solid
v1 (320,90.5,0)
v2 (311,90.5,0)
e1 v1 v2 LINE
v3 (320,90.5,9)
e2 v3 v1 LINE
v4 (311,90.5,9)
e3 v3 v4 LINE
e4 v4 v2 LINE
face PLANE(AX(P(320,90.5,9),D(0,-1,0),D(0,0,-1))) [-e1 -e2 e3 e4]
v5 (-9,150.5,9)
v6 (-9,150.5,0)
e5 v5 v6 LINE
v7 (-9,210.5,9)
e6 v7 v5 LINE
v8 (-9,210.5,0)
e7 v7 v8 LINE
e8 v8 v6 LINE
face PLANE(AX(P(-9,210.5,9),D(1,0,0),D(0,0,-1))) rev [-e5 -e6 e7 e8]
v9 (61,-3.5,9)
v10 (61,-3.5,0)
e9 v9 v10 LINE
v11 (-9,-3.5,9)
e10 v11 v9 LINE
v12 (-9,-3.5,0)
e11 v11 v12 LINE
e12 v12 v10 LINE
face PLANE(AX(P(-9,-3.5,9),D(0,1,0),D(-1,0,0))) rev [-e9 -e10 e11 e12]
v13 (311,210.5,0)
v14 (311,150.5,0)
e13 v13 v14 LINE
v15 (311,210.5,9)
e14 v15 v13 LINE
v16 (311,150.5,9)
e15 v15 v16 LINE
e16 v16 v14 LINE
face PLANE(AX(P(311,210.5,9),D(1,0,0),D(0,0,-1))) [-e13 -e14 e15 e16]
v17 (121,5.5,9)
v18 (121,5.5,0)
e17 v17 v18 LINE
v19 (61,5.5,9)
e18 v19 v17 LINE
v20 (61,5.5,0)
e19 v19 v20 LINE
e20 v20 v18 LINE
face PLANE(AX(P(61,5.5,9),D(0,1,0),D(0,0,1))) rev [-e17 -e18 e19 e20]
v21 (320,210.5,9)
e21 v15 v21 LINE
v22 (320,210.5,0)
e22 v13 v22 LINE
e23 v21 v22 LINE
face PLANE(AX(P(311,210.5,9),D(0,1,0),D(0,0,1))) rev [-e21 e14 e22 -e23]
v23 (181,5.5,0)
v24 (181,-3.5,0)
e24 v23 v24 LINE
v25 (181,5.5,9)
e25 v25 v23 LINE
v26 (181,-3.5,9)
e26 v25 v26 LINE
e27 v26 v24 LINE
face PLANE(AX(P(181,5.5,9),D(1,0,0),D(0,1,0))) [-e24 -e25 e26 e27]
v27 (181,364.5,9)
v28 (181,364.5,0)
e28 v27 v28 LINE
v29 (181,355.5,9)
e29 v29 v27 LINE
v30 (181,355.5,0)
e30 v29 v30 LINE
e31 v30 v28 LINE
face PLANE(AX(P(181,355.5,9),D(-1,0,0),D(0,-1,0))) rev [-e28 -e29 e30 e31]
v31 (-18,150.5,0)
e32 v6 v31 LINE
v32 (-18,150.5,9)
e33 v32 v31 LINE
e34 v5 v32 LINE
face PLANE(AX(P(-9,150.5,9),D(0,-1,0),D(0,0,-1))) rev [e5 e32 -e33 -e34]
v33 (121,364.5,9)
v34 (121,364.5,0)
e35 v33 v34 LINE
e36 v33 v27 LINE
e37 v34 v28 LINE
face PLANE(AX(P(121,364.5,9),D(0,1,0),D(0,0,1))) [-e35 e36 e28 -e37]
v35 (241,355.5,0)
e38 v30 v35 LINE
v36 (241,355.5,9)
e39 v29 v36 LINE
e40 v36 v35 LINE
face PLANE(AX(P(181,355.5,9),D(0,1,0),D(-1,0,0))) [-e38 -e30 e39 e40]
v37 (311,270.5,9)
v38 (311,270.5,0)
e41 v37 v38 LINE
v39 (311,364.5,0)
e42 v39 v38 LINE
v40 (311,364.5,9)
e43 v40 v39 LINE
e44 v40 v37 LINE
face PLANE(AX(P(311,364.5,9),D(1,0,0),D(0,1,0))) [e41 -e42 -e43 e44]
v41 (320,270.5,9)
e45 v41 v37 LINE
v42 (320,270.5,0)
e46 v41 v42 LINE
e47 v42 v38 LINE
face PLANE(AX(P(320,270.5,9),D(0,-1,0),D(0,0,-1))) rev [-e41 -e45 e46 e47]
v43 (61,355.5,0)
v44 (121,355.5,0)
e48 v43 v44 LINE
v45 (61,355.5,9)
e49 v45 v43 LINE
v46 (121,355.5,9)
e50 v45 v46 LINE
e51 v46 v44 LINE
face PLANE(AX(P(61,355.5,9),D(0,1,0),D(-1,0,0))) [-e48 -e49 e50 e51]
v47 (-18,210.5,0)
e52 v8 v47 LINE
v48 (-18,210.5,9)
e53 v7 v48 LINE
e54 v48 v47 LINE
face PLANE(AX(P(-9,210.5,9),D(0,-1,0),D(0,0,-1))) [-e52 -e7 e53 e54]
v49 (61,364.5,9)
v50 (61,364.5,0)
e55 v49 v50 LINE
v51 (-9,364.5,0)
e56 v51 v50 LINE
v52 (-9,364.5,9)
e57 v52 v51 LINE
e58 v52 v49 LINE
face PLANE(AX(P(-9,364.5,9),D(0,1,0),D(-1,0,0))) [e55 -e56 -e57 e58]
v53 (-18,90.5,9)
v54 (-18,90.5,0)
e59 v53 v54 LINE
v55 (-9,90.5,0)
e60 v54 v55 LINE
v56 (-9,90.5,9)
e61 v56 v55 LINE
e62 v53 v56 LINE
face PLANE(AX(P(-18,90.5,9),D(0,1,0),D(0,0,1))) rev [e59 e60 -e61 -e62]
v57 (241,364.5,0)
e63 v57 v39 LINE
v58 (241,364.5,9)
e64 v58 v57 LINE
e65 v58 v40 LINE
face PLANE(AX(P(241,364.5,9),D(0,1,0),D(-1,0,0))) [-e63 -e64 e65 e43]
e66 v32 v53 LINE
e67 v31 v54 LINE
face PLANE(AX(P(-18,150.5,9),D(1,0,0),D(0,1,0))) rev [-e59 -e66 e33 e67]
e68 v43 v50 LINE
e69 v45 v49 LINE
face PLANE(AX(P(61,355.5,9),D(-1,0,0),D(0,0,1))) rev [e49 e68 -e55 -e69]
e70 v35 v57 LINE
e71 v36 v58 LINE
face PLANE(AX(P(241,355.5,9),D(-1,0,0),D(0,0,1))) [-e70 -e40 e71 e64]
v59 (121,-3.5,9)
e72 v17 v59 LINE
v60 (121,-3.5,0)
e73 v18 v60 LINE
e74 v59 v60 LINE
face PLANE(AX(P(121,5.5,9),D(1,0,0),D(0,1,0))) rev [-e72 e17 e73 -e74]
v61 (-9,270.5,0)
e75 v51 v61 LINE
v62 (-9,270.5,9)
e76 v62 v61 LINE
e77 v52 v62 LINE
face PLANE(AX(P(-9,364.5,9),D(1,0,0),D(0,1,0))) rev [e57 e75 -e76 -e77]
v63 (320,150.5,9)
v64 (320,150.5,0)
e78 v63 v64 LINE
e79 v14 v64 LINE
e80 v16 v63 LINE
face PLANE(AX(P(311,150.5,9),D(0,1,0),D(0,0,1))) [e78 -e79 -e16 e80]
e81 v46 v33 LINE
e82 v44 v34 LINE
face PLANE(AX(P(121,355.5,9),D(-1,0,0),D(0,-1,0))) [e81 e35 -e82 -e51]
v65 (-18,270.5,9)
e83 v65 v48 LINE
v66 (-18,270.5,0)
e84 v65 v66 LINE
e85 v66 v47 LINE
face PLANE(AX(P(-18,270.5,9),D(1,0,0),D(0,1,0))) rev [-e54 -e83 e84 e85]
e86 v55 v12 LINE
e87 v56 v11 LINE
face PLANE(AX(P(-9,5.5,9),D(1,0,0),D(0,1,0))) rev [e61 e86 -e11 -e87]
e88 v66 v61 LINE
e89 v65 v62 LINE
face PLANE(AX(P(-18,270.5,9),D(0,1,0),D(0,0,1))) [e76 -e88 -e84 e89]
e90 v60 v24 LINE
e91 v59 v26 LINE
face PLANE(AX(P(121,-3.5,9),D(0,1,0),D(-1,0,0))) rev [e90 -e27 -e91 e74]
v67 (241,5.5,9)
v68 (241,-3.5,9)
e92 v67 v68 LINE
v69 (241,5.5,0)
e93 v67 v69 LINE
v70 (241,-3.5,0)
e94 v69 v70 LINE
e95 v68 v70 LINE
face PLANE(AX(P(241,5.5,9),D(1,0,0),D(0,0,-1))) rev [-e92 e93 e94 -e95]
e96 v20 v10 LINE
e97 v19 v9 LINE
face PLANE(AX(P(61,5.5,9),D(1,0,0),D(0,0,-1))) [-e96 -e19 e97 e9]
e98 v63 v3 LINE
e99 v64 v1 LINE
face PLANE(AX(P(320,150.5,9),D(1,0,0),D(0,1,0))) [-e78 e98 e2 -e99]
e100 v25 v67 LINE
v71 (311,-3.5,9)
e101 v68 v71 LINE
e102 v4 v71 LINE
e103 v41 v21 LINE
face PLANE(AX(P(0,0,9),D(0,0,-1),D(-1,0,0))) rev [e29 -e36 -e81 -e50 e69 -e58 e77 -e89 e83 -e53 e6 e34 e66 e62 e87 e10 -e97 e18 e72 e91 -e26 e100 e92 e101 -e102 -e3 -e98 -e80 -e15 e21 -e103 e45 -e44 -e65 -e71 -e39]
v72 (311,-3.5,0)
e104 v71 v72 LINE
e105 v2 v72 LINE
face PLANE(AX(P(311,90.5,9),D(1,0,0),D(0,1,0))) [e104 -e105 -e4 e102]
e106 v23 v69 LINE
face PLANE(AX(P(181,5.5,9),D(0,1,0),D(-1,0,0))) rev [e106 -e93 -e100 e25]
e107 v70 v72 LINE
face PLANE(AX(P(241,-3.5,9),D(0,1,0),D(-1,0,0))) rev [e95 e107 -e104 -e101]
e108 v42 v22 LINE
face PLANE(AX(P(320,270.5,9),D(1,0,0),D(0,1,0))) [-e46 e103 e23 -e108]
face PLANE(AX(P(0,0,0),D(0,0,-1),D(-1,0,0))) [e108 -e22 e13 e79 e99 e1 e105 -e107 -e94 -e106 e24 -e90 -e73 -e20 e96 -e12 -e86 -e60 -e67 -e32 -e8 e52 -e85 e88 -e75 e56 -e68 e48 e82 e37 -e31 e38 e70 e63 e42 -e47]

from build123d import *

# Parameters (mm, degrees)
BOSS_EXTRUDE1_DEPTH = 9


with BuildPart() as part:
    # Sketch1 → Boss-Extrude1 (new body)
    with BuildSketch(Plane.XY):
        Polygon((61, 5.5), (121, 5.5), (121, -3.5), (181, -3.5), (181, 5.5), (241, 5.5), (241, -3.5), (311, -3.5), (311, 9.67), (311, 90.5), (320, 90.5), (320, 150.5), (311, 150.5), (311, 210.5), (320, 210.5), (320, 270.5), (311, 270.5), (311, 364.5), (241, 364.5), (241, 355.5), (181, 355.5), (181, 364.5), (121, 364.5), (121, 355.5), (61, 355.5), (61, 364.5), (-9, 364.5), (-9, 270.5), (-18, 270.5), (-18, 210.5), (-9, 210.5), (-9, 150.5), (-18, 150.5), (-18, 90.5), (-9, 90.5), (-9, 5.5), (-9, -3.5), (61, -3.5), align=None)
    extrude(amount=BOSS_EXTRUDE1_DEPTH)


solid = part.part
